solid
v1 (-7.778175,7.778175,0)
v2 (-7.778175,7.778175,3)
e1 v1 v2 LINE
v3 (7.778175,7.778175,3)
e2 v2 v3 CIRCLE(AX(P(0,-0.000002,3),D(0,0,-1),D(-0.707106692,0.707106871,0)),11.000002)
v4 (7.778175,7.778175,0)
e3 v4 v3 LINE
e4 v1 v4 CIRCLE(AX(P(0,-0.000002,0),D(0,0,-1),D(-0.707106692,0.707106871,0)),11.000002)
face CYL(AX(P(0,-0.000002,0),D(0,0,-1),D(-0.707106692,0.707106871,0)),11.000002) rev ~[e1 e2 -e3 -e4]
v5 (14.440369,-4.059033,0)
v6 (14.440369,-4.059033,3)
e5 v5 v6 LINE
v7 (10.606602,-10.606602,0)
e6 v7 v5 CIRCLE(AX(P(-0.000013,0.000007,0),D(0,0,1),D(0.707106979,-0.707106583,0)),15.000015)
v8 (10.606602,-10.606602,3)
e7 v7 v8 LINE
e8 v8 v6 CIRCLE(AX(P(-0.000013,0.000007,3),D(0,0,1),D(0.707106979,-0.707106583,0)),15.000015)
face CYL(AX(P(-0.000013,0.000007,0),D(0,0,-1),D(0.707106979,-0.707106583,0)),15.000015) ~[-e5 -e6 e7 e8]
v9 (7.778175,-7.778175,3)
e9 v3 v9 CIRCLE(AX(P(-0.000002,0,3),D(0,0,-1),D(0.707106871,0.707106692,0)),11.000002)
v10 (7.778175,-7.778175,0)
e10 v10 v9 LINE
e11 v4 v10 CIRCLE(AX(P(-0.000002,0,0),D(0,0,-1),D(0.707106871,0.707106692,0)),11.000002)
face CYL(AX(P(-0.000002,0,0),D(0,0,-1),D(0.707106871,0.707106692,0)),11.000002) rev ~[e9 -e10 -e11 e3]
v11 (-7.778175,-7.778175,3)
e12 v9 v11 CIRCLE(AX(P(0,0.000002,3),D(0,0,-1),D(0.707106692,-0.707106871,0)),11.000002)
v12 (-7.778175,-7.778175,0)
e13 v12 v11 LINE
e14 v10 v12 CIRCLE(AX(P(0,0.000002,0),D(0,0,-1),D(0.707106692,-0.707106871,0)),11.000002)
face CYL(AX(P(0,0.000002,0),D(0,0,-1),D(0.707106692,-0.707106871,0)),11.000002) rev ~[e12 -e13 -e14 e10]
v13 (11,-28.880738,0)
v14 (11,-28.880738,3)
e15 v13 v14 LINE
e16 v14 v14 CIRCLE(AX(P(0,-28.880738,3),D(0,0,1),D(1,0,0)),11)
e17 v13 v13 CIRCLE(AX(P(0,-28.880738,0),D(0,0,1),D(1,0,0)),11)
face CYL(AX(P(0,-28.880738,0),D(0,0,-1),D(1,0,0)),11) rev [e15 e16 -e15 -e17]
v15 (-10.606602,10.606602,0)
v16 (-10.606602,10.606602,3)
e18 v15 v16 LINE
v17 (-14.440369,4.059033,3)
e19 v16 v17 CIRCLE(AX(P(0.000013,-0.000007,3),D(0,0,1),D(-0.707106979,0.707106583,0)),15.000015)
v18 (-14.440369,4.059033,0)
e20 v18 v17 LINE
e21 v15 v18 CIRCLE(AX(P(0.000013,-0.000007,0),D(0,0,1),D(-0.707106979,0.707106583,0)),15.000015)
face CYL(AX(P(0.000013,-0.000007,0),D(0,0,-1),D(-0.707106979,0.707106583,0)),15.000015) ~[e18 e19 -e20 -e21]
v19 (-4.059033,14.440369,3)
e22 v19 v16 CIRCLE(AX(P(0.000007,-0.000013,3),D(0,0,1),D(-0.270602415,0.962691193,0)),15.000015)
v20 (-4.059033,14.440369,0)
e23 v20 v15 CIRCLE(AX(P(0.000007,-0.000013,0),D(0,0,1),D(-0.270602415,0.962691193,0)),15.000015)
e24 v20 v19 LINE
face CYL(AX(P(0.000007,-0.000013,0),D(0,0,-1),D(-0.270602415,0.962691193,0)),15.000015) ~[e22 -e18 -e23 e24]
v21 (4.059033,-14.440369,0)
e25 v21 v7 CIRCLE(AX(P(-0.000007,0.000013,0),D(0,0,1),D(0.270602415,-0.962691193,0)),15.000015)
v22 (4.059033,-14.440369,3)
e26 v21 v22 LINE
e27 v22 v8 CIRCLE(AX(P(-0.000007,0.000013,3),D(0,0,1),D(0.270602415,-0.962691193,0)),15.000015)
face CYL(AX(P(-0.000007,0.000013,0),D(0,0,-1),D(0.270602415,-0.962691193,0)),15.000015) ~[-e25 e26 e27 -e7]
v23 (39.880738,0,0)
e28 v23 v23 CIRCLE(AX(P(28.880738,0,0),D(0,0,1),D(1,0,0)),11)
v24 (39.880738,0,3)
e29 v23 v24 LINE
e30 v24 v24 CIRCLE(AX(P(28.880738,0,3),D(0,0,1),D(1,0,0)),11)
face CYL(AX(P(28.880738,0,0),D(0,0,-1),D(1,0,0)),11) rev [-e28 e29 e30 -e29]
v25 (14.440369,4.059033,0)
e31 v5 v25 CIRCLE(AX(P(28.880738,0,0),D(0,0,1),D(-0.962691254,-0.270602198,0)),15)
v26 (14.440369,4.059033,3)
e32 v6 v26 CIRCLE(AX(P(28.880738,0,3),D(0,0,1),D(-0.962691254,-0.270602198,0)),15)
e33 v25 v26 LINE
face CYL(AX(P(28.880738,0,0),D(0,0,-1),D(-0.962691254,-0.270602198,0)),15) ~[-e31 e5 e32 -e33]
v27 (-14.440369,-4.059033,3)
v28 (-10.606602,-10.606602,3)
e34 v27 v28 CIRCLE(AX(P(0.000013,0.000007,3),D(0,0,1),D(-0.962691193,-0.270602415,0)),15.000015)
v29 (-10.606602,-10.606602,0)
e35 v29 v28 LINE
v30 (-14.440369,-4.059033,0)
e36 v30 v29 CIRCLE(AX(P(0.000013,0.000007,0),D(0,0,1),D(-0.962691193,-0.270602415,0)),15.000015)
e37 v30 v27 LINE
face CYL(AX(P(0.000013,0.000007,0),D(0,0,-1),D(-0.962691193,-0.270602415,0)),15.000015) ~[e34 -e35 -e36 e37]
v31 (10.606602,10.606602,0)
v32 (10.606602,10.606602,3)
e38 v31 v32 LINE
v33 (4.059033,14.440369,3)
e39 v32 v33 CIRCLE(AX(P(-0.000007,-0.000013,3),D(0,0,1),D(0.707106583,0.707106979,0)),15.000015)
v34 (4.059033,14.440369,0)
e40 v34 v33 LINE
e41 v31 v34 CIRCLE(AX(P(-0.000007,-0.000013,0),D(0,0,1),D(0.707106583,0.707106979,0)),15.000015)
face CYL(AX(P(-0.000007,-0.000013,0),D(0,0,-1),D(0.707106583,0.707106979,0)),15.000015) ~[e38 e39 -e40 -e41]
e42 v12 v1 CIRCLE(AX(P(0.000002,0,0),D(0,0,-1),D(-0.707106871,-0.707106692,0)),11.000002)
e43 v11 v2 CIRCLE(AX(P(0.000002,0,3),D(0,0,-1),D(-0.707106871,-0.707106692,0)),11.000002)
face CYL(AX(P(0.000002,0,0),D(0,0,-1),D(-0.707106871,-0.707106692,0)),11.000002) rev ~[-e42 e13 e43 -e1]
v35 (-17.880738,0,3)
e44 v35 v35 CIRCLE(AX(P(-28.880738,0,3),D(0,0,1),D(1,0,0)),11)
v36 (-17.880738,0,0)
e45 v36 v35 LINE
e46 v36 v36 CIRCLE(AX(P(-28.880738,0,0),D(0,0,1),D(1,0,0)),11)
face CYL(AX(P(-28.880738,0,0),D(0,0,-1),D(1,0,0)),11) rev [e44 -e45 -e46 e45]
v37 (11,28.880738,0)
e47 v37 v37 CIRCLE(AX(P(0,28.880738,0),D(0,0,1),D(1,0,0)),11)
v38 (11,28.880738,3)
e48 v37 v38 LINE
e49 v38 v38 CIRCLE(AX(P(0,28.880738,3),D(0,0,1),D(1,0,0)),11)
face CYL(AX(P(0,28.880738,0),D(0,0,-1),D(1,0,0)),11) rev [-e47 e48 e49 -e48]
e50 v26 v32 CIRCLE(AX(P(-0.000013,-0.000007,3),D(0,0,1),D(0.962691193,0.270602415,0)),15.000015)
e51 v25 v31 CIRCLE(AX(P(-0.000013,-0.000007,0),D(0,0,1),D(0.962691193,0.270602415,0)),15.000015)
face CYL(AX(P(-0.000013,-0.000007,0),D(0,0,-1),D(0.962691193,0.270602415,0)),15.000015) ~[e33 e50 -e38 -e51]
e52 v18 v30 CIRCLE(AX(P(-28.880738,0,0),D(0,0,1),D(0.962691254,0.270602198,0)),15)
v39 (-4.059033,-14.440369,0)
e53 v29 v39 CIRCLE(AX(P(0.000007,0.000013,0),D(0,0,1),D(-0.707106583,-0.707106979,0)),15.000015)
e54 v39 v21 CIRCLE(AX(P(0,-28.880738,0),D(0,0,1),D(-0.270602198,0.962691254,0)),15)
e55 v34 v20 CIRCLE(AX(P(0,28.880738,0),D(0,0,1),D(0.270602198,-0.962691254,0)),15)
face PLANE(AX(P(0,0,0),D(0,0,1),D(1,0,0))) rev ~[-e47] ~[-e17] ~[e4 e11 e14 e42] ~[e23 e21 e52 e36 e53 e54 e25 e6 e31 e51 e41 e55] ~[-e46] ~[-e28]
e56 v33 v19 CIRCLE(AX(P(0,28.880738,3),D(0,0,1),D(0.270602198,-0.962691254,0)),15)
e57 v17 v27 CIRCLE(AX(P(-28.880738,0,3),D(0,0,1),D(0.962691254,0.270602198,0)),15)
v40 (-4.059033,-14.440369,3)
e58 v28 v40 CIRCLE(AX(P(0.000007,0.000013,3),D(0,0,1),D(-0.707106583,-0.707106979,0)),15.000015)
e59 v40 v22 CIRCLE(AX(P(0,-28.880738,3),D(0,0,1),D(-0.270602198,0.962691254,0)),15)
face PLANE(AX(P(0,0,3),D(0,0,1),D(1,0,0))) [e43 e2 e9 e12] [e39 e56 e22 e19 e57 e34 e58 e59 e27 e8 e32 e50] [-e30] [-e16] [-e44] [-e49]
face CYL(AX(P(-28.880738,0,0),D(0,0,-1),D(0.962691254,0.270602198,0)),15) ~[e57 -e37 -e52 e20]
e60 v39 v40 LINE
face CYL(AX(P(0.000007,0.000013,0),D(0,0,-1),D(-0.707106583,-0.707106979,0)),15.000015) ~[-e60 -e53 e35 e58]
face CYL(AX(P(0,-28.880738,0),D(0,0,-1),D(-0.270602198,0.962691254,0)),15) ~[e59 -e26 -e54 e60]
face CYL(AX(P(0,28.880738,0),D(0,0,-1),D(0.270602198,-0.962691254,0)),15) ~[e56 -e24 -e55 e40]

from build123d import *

# Parameters (mm, degrees)
F0_R     = 11
F1_DEPTH = 3


with BuildPart() as f1:
    # F0 (on Top) → F1 (new body)
    with BuildSketch(Plane.XY):
        with BuildLine():
            ThreePointArc((4.059033, 14.440369), (0, 43.880738), (-4.059033, 14.440369))
            ThreePointArc((-4.059033, 14.440369), (-7.579225, 12.944317), (-10.606602, 10.606602))
            ThreePointArc((-10.606602, 10.606602), (-12.944317, 7.579225), (-14.440369, 4.059033))
            ThreePointArc((-14.440369, 4.059033), (-43.880738, 0), (-14.440369, -4.059033))
            ThreePointArc((-14.440369, -4.059033), (-12.944317, -7.579225), (-10.606602, -10.606602))
            ThreePointArc((-10.606602, -10.606602), (-7.579225, -12.944317), (-4.059033, -14.440369))
            ThreePointArc((-4.059033, -14.440369), (0, -43.880738), (4.059033, -14.440369))
            ThreePointArc((4.059033, -14.440369), (7.579225, -12.944317), (10.606602, -10.606602))
            ThreePointArc((10.606602, -10.606602), (12.944317, -7.579225), (14.440369, -4.059033))
            ThreePointArc((14.440369, -4.059033), (43.880738, 0), (14.440369, 4.059033))
            ThreePointArc((14.440369, 4.059033), (12.944317, 7.579225), (10.606602, 10.606602))
            ThreePointArc((10.606602, 10.606602), (7.579225, 12.944317), (4.059033, 14.440369))
        make_face()
        with Locations((0, -28.880738)):
            Circle(F0_R, mode=Mode.SUBTRACT)
        with Locations((-28.880738, 0)):
            Circle(F0_R, mode=Mode.SUBTRACT)
        with BuildLine():
            ThreePointArc((-7.778175, 7.778175), (0, 11), (7.778175, 7.778175))
            ThreePointArc((7.778175, 7.778175), (11, 0), (7.778175, -7.778175))
            ThreePointArc((7.778175, -7.778175), (0, -11), (-7.778175, -7.778175))
            ThreePointArc((-7.778175, -7.778175), (-11, 0), (-7.778175, 7.778175))
        make_face(mode=Mode.SUBTRACT)
        with Locations((28.880738, 0)):
            Circle(F0_R, mode=Mode.SUBTRACT)
        with Locations((0, 28.880738)):
            Circle(F0_R, mode=Mode.SUBTRACT)
    extrude(amount=F1_DEPTH)


solid = f1.part
